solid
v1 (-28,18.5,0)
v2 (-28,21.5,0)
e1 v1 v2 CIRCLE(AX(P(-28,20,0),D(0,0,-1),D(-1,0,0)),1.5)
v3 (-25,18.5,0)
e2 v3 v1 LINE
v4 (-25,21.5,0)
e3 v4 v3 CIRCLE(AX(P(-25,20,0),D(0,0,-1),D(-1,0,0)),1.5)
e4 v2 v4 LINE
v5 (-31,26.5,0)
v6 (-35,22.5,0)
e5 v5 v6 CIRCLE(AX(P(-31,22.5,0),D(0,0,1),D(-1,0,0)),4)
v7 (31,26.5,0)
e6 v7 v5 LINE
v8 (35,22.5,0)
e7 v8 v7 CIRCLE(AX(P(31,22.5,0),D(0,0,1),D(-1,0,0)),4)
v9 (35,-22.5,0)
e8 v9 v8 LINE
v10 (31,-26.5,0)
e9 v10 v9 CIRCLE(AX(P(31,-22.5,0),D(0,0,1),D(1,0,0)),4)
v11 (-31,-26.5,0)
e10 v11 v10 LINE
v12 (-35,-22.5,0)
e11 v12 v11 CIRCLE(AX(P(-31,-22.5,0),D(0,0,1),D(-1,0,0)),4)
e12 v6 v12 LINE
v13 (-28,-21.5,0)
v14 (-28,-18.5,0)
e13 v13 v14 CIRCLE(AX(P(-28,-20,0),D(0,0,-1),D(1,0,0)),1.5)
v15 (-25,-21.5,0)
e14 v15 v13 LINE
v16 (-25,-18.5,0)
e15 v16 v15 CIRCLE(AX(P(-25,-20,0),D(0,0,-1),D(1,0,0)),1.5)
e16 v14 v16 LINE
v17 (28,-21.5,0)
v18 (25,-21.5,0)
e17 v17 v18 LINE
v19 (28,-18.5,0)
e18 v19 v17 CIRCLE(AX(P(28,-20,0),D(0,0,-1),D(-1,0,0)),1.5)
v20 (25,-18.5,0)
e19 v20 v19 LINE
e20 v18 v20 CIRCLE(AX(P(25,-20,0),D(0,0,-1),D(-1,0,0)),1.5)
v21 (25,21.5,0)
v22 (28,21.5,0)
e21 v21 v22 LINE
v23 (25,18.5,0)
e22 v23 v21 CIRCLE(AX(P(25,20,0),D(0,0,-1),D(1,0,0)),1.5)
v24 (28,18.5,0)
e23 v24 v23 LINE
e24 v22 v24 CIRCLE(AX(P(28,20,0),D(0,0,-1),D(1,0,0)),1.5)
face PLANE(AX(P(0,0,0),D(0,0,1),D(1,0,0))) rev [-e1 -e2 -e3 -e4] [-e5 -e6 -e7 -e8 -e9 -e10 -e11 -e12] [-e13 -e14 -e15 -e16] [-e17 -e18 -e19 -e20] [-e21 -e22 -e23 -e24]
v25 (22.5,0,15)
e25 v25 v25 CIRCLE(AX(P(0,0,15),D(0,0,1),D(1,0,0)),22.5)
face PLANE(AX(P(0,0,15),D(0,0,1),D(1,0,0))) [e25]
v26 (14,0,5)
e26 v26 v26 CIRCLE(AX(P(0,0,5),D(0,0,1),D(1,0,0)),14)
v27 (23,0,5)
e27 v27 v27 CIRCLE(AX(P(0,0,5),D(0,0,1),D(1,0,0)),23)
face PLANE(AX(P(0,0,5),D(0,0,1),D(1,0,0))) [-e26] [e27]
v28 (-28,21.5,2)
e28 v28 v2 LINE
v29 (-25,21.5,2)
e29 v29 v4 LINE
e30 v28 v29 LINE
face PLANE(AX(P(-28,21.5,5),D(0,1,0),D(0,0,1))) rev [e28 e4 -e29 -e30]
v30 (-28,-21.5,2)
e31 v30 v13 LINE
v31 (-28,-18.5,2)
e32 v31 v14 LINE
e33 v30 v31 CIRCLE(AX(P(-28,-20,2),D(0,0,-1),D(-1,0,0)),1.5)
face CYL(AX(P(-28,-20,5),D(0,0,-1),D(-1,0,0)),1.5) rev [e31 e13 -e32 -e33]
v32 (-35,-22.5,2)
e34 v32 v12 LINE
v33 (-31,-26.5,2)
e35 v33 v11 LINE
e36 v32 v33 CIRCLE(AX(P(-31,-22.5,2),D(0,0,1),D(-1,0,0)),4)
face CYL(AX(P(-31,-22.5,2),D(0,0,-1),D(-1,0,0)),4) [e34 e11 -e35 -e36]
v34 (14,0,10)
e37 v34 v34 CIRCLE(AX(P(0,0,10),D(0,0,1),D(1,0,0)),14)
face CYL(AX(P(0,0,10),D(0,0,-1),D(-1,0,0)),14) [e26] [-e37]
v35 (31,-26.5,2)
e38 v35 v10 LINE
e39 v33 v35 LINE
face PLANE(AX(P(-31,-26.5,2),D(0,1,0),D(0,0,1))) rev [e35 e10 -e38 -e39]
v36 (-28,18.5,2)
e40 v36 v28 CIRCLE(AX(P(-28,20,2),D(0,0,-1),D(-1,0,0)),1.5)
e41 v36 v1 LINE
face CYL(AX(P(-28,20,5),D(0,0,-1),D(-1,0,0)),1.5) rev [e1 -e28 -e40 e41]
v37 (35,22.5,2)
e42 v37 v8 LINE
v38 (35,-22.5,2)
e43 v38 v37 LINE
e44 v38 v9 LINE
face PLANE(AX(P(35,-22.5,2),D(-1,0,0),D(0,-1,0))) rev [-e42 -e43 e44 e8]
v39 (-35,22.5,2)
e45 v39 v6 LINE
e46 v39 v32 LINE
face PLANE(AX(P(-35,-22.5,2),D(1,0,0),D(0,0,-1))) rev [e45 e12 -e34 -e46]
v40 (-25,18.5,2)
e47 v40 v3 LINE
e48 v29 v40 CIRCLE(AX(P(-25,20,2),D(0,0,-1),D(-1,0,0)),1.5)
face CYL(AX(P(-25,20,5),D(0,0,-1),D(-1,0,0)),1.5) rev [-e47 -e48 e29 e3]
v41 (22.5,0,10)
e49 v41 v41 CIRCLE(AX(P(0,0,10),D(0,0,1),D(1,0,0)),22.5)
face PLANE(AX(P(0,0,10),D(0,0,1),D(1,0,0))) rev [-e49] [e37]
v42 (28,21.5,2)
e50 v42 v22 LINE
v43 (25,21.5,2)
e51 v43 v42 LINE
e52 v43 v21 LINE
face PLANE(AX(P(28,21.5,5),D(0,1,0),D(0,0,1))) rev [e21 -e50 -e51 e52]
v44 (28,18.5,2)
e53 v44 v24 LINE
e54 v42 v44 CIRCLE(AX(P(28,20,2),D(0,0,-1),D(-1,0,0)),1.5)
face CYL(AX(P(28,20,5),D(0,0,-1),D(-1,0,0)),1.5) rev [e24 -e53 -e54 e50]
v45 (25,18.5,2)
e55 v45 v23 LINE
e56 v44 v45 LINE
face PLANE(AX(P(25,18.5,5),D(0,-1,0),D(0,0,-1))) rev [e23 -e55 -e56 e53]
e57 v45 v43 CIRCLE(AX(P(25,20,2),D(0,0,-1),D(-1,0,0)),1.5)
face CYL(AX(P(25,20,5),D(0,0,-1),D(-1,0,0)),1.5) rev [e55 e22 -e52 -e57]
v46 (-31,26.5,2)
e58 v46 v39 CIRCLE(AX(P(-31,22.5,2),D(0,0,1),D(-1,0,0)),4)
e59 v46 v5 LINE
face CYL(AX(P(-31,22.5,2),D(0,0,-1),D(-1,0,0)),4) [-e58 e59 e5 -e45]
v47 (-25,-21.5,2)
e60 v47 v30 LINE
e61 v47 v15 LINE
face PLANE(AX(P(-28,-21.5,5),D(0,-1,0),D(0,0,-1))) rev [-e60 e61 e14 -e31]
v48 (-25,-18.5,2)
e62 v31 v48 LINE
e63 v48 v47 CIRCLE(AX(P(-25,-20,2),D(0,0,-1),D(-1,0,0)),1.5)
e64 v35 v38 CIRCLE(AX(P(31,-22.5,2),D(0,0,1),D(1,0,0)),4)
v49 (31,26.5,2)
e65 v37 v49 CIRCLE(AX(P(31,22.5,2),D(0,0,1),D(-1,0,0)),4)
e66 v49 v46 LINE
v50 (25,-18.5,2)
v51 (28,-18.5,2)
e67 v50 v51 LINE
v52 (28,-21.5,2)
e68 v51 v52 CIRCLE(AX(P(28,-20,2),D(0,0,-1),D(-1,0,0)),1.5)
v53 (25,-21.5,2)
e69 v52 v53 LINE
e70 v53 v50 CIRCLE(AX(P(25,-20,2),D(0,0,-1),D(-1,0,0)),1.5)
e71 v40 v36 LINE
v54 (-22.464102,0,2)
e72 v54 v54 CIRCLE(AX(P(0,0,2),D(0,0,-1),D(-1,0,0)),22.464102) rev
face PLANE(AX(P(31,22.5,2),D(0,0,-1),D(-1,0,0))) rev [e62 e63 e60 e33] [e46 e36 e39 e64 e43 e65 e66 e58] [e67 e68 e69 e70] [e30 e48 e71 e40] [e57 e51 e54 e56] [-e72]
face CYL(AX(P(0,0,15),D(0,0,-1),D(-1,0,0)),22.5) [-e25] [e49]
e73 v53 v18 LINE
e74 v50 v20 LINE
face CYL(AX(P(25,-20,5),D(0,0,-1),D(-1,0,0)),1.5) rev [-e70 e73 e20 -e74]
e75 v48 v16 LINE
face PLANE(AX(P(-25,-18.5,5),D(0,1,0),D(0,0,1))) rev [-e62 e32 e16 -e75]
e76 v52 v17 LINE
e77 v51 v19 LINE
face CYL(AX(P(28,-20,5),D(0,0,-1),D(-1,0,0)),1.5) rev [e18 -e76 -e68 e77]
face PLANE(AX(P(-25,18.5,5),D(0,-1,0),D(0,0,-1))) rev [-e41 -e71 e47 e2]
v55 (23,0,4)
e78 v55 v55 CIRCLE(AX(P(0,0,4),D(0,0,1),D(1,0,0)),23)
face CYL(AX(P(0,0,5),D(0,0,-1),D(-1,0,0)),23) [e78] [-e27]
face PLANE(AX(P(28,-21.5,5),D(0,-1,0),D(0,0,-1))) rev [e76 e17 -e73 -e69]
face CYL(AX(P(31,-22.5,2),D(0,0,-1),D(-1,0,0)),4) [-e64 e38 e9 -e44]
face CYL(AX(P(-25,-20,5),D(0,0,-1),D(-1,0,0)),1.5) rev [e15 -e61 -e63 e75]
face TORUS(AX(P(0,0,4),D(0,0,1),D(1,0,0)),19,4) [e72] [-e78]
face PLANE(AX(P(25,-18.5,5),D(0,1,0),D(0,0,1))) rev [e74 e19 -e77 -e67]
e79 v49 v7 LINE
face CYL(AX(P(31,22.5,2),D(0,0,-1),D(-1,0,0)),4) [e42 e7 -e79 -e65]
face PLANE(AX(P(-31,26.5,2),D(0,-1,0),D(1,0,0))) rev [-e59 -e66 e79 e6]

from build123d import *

# Parameters (mm, degrees)
SKETCH_1_R          = 23
EXTRUDE_1_DEPTH     = 5
FILLET_1_R          = 4
EXTRUDE_2_DEPTH     = 2
CUT_EXTRUDE_3_DEPTH = 45.18427322
SKETCH_7_R          = 14
EXTRUDE_3_DEPTH     = 5
SKETCH_8_R          = 22.5
EXTRUDE_4_DEPTH     = 5


with BuildPart() as part:
    # 草图1 → 凸台-拉伸1 (new body)
    with BuildSketch(Plane.XY):
        Circle(SKETCH_1_R)
    extrude(amount=EXTRUDE_1_DEPTH)

    # 圆角1
    fillet_1_edges = [part.edges().sort_by_distance(p)[0] for p in [
        (-23, 0, 0),
    ]]
    fillet(fillet_1_edges, radius=FILLET_1_R)

    # 草图4 → 凸台-拉伸2 (add)
    with BuildSketch(Plane.XY):
        with BuildLine():
            Line((-31, -26.5), (31, -26.5))
            ThreePointArc((31, -26.5), (33.828427125, -25.328427125), (35, -22.5))
            Line((35, -22.5), (35, 22.5))
            ThreePointArc((35, 22.5), (33.828427125, 25.328427125), (31, 26.5))
            Line((31, 26.5), (-31, 26.5))
            ThreePointArc((-31, 26.5), (-33.828427125, 25.328427125), (-35, 22.5))
            Line((-35, 22.5), (-35, -22.5))
            ThreePointArc((-35, -22.5), (-33.828427125, -25.328427125), (-31, -26.5))
        make_face()
    extrude(amount=EXTRUDE_2_DEPTH)

    # 草图6 → 切除-拉伸3 (cut, through all)
    with BuildSketch(Plane(origin=(0, 0, 0), x_dir=(-1, 0, 0), z_dir=(0, 0, -1))):
        with BuildLine():
            Line((28, 21.5), (25, 21.5))
            ThreePointArc((25, 21.5), (23.5, 20), (25, 18.5))
            Line((25, 18.5), (28, 18.5))
            ThreePointArc((28, 18.5), (29.5, 20), (28, 21.5))
        make_face()
        with BuildLine():
            Line((25, -18.5), (28, -18.5))
            ThreePointArc((28, -18.5), (29.5, -20), (28, -21.5))
            Line((28, -21.5), (25, -21.5))
            ThreePointArc((25, -21.5), (23.5, -20), (25, -18.5))
        make_face()
        with BuildLine():
            Line((-28, -21.5), (-25, -21.5))
            ThreePointArc((-25, -21.5), (-23.5, -20), (-25, -18.5))
            Line((-25, -18.5), (-28, -18.5))
            ThreePointArc((-28, -18.5), (-29.5, -20), (-28, -21.5))
        make_face()
        with BuildLine():
            Line((-28, 21.5), (-25, 21.5))
            ThreePointArc((-25, 21.5), (-23.5, 20), (-25, 18.5))
            Line((-25, 18.5), (-28, 18.5))
            ThreePointArc((-28, 18.5), (-29.5, 20), (-28, 21.5))
        make_face()
    extrude(amount=-CUT_EXTRUDE_3_DEPTH, mode=Mode.SUBTRACT)

    # 草图7 → 凸台-拉伸3 (add)
    with BuildSketch(Plane.XY.offset(5)):
        Circle(SKETCH_7_R)
    extrude(amount=EXTRUDE_3_DEPTH)

    # 草图8 → 凸台-拉伸4 (add)
    with BuildSketch(Plane.XY.offset(10)):
        Circle(SKETCH_8_R)
    extrude(amount=EXTRUDE_4_DEPTH)


solid = part.part
